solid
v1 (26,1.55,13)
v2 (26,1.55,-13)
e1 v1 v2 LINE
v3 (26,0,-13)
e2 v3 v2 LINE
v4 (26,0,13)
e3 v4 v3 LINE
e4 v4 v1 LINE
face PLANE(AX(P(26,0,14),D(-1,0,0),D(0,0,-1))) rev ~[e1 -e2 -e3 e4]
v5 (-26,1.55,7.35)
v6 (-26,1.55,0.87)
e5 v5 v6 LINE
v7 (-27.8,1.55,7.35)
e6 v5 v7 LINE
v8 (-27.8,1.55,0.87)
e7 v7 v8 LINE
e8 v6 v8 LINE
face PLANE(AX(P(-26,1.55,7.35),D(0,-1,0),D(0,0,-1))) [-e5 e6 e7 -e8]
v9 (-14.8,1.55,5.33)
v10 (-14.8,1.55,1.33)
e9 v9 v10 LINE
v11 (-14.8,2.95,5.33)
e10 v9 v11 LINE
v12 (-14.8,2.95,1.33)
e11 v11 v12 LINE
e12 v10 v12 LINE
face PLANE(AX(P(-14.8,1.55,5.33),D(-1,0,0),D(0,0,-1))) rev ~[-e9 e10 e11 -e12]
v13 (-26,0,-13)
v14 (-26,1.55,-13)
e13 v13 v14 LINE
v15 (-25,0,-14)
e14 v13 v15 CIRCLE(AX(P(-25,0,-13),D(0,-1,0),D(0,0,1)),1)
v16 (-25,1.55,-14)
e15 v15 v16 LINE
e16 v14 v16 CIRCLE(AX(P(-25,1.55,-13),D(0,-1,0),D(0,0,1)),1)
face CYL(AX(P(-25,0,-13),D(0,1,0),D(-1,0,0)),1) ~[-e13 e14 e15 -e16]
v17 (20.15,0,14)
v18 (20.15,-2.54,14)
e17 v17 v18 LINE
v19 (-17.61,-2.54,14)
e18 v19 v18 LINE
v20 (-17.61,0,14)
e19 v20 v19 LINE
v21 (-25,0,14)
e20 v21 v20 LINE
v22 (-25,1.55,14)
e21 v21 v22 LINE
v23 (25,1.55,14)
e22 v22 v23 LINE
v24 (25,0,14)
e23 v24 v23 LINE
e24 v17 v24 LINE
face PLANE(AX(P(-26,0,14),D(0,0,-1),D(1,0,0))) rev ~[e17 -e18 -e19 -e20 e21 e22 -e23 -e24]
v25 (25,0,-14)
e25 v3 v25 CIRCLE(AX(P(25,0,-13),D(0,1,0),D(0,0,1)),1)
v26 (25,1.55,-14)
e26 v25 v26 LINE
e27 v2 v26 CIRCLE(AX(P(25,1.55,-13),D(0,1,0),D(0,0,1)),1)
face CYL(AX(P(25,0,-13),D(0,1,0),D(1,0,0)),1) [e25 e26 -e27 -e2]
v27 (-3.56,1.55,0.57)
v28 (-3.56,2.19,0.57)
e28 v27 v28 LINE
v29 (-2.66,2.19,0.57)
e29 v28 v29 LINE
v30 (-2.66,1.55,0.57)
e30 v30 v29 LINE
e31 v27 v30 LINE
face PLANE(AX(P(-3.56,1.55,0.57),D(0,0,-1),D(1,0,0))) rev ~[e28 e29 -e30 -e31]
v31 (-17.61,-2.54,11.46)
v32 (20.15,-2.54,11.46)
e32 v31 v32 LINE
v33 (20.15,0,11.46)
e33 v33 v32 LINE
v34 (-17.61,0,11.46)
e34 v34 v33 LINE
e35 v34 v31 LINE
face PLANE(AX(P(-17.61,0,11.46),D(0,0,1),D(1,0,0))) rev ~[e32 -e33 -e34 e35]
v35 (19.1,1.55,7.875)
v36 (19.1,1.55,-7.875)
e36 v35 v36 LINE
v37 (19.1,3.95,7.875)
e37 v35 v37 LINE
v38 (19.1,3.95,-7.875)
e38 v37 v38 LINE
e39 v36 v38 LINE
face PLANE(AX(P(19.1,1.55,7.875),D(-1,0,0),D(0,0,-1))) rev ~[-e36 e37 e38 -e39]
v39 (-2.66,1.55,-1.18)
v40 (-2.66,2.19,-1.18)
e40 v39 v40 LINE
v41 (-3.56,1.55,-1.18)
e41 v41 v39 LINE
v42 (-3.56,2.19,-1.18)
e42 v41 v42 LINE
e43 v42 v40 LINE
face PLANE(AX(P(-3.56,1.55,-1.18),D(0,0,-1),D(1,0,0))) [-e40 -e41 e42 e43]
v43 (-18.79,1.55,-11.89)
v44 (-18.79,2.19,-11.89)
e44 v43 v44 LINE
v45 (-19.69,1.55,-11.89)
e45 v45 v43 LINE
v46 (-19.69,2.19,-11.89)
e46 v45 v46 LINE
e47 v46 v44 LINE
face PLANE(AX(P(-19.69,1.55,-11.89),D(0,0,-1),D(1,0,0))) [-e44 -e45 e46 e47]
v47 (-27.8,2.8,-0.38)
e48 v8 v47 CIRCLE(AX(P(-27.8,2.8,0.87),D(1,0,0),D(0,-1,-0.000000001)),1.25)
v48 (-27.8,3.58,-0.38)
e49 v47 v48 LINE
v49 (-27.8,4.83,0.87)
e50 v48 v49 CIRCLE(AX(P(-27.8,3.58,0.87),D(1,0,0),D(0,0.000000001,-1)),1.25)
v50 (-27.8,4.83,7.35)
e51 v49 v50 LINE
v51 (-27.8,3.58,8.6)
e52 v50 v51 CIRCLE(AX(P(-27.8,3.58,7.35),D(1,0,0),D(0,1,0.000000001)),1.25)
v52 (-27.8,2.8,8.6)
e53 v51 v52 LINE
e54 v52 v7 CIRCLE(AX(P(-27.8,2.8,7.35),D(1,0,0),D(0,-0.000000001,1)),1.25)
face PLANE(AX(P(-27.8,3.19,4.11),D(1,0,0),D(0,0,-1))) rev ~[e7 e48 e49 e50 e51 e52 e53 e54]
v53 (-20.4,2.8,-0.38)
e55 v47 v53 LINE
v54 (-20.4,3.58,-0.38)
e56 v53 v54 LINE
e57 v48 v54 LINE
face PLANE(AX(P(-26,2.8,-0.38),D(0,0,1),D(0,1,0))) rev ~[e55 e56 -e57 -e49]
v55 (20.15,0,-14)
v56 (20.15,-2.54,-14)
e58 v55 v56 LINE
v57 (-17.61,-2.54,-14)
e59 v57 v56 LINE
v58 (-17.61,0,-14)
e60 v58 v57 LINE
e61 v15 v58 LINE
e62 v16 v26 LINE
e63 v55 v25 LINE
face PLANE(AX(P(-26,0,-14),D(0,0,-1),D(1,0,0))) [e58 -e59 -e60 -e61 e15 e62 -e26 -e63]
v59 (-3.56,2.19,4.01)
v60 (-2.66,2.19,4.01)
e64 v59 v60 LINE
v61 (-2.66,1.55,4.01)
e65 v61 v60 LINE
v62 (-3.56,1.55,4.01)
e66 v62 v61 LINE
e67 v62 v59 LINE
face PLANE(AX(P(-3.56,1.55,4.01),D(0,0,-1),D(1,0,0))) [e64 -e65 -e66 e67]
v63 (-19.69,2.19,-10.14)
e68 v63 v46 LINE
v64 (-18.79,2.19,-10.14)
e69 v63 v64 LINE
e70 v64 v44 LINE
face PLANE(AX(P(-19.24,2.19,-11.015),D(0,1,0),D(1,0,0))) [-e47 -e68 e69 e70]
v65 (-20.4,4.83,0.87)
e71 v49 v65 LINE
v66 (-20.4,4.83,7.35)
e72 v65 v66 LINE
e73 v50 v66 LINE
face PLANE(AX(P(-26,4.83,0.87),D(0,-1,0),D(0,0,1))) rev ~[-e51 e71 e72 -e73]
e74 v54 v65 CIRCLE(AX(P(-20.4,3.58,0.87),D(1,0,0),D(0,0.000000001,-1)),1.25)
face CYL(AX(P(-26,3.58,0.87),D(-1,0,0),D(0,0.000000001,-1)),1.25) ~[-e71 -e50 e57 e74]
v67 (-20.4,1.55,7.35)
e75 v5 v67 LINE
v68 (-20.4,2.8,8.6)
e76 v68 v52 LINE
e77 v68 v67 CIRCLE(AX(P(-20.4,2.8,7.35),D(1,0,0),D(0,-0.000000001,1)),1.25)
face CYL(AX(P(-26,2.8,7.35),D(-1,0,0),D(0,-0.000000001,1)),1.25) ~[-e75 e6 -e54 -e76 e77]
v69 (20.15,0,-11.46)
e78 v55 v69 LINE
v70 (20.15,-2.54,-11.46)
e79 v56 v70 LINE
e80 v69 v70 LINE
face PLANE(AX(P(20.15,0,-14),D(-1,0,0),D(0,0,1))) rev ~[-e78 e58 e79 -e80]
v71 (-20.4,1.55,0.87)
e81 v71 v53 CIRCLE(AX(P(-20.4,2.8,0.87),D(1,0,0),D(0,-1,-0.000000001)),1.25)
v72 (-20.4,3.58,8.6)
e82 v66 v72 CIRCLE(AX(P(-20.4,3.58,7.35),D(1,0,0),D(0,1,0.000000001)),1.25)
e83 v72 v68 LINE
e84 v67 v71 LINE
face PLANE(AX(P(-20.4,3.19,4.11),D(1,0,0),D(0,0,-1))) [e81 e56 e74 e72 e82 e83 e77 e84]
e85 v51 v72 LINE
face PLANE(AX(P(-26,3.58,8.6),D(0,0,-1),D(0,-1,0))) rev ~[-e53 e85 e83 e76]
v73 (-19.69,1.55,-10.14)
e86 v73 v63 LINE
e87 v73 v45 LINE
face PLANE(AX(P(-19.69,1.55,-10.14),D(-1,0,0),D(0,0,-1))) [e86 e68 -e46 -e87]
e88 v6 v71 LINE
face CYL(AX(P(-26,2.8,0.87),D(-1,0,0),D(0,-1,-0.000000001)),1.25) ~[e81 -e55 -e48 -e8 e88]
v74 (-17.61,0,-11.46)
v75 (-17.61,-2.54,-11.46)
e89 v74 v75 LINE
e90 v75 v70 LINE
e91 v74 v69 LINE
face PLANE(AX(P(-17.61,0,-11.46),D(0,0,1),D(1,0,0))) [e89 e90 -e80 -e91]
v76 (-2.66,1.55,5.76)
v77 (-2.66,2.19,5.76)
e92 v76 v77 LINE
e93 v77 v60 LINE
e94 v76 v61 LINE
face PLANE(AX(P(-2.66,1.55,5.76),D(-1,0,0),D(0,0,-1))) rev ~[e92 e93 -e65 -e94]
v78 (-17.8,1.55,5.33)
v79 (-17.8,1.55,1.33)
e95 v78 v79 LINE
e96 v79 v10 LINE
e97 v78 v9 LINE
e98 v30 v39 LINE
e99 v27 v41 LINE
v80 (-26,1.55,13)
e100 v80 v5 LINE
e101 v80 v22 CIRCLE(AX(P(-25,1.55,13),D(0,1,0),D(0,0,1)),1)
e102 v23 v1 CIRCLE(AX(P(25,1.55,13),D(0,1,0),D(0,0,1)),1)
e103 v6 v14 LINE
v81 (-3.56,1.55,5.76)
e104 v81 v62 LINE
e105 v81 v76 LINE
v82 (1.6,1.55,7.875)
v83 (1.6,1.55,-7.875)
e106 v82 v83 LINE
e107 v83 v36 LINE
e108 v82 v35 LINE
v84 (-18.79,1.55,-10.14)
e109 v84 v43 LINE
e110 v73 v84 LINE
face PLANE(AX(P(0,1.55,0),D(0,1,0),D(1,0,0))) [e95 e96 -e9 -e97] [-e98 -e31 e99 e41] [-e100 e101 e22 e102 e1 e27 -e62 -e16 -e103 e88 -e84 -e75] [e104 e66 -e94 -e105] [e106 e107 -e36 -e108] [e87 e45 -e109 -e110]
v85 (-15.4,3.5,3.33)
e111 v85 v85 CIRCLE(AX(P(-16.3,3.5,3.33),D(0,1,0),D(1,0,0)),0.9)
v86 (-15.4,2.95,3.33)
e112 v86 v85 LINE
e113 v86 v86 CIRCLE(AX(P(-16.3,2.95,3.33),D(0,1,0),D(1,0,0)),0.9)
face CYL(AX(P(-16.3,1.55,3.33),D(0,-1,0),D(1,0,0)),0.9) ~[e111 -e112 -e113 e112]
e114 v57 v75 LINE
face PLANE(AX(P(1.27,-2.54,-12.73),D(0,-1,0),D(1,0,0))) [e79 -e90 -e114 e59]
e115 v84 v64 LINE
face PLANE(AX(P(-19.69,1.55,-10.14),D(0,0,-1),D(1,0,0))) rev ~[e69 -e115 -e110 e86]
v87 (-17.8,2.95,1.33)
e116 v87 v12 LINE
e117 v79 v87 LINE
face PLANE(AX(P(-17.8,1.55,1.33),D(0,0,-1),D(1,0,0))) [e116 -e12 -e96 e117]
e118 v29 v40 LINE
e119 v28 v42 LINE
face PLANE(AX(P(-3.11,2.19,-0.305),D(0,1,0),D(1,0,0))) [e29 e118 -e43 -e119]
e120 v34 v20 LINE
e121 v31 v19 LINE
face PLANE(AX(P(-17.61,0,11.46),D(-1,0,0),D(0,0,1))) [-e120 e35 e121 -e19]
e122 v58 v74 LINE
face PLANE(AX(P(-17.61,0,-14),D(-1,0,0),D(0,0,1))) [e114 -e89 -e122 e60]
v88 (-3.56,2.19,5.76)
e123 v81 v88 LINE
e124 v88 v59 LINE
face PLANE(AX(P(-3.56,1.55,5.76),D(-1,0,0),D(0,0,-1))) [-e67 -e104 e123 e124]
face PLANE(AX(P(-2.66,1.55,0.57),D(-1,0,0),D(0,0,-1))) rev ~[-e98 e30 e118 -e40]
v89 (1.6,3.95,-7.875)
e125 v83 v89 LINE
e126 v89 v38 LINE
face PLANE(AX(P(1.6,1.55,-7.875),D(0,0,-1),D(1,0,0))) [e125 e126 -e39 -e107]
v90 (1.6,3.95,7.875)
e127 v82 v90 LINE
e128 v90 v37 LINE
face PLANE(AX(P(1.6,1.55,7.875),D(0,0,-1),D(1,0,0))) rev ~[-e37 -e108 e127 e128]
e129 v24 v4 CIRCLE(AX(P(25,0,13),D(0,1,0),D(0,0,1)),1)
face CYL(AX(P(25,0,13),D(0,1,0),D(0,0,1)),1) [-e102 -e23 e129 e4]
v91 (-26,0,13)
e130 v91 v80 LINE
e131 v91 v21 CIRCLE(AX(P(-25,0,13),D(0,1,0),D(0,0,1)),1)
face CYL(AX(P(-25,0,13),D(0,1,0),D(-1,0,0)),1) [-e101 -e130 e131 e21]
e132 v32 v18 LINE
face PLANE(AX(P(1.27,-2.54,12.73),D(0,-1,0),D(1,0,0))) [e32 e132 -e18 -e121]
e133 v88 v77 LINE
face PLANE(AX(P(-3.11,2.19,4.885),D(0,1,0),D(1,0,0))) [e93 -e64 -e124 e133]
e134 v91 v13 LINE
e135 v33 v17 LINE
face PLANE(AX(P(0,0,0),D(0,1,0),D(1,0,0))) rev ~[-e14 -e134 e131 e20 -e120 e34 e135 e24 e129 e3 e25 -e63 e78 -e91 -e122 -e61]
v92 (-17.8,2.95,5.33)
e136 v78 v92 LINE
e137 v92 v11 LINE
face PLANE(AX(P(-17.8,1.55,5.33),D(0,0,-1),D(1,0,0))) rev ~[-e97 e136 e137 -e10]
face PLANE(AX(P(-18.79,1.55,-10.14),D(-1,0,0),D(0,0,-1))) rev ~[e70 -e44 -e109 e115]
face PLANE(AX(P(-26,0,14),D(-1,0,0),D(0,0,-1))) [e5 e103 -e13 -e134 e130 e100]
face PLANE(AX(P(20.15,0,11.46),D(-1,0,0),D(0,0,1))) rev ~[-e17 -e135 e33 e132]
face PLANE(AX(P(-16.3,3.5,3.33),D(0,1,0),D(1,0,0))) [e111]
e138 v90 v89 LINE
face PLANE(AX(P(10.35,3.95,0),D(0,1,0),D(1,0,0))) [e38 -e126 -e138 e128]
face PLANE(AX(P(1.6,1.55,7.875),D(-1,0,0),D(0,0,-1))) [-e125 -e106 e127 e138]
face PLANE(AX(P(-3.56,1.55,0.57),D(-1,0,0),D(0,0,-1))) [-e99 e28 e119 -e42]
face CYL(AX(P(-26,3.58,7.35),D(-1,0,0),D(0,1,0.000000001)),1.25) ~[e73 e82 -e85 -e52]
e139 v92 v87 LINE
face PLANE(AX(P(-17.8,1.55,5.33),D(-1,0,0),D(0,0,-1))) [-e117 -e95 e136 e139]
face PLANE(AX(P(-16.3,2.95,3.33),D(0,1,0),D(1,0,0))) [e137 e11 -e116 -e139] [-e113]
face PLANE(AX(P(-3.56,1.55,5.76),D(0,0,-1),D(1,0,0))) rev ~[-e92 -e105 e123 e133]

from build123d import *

# Parameters (mm, degrees)
SKETCH_1_W           = 52
SKETCH_1_H           = 28
EXTRUDE_1_DEPTH      = 1.55
FILLET_1_R           = 1
SKETCH_2_W           = 37.76
SKETCH_2_H           = 2.54
EXTRUDE_2_DEPTH      = 2.54
SKETCH_3_W           = 17.5
SKETCH_3_H           = 15.75
EXTRUDE_4_DEPTH      = 2.4
EXTRUDE_6_DEPTH      = 1.8
EXTRUDE_6_DEPTH_BACK = 5.6
SKETCH1_W            = 3
SKETCH1_H            = 4
BOSS_EXTRUDE1_DEPTH  = 1.4
SKETCH1_4_R          = 0.9
BOSS_EXTRUDE2_DEPTH  = 1.95
SKETCH2_W            = 0.9
SKETCH2_H            = 1.75
BOSS_EXTRUDE3_DEPTH  = 0.64


with BuildPart() as part:
    # 草圖1 → 填料-伸長1 (new body)
    with BuildSketch(Plane(origin=(0, 0, 0), x_dir=(1, 0, 0), z_dir=(0, 1, 0))):
        Rectangle(SKETCH_1_W, SKETCH_1_H)
    extrude(amount=EXTRUDE_1_DEPTH)

    # 圓角1
    fillet_1_edges = [part.edges().sort_by_distance(p)[0] for p in [
        (26, 0.775, -14),
        (-26, 0.775, -14),
        (-26, 0.775, 14),
        (26, 0.775, 14),
    ]]
    fillet(fillet_1_edges, radius=FILLET_1_R)

    # 草圖2 → 填料-伸長2 (add)
    with BuildSketch(Plane.XZ):
        with Locations((1.27, 12.73)):
            Rectangle(SKETCH_2_W, SKETCH_2_H)
        with Locations((1.27, -12.73)):
            Rectangle(SKETCH_2_W, SKETCH_2_H)
    extrude(amount=EXTRUDE_2_DEPTH)

    # 草圖3 → 填料-伸長4 (add)
    with BuildSketch(Plane(origin=(0, 1.55, 0), x_dir=(1, 0, 0), z_dir=(0, 1, 0))):
        with Locations((10.35, 0)):
            Rectangle(SKETCH_3_W, SKETCH_3_H)
    extrude(amount=EXTRUDE_4_DEPTH)

    # 草圖5 → 填料-伸長6 (add, two sides: drawn at the far end of the back side and taken through both)
    with BuildSketch(Plane.ZY.offset(26).offset(-EXTRUDE_6_DEPTH_BACK)):
        with BuildLine():
            Line((7.35, 1.55), (0.87, 1.55))
            ThreePointArc((0.87, 1.55), (-0.013883476, 1.916116524), (-0.38, 2.8))
            Line((-0.38, 2.8), (-0.38, 3.58))
            ThreePointArc((-0.38, 3.58), (-0.013883476, 4.463883476), (0.87, 4.83))
            Line((0.87, 4.83), (7.35, 4.83))
            ThreePointArc((7.35, 4.83), (8.233883476, 4.463883476), (8.6, 3.58))
            Line((8.6, 3.58), (8.6, 2.8))
            ThreePointArc((8.6, 2.8), (8.233883476, 1.916116524), (7.35, 1.55))
        make_face()
    extrude(amount=EXTRUDE_6_DEPTH + EXTRUDE_6_DEPTH_BACK)

    # Sketch1 → Boss-Extrude1 (add)
    with BuildSketch(Plane(origin=(0, 1.55, 0), x_dir=(1, 0, 0), z_dir=(0, 1, 0))):
        with Locations((-16.3, -3.33)):
            Rectangle(SKETCH1_W, SKETCH1_H)
    extrude(amount=BOSS_EXTRUDE1_DEPTH)

    # Sketch1<4> → Boss-Extrude2 (add)
    with BuildSketch(Plane(origin=(0, 1.55, 0), x_dir=(1, 0, 0), z_dir=(0, 1, 0))):
        with Locations((-16.3, -3.33)):
            Circle(SKETCH1_4_R)
    extrude(amount=BOSS_EXTRUDE2_DEPTH)

    # Sketch2 → Boss-Extrude3 (add)
    with BuildSketch(Plane(origin=(0, 1.55, 0), x_dir=(1, 0, 0), z_dir=(0, 1, 0))):
        with Locations((-19.24, 11.015)):
            Rectangle(SKETCH2_W, SKETCH2_H)
        with Locations((-3.11, 0.305)):
            Rectangle(SKETCH2_W, SKETCH2_H)
        with Locations((-3.11, -4.885)):
            Rectangle(SKETCH2_W, SKETCH2_H)
    extrude(amount=BOSS_EXTRUDE3_DEPTH)


solid = part.part
